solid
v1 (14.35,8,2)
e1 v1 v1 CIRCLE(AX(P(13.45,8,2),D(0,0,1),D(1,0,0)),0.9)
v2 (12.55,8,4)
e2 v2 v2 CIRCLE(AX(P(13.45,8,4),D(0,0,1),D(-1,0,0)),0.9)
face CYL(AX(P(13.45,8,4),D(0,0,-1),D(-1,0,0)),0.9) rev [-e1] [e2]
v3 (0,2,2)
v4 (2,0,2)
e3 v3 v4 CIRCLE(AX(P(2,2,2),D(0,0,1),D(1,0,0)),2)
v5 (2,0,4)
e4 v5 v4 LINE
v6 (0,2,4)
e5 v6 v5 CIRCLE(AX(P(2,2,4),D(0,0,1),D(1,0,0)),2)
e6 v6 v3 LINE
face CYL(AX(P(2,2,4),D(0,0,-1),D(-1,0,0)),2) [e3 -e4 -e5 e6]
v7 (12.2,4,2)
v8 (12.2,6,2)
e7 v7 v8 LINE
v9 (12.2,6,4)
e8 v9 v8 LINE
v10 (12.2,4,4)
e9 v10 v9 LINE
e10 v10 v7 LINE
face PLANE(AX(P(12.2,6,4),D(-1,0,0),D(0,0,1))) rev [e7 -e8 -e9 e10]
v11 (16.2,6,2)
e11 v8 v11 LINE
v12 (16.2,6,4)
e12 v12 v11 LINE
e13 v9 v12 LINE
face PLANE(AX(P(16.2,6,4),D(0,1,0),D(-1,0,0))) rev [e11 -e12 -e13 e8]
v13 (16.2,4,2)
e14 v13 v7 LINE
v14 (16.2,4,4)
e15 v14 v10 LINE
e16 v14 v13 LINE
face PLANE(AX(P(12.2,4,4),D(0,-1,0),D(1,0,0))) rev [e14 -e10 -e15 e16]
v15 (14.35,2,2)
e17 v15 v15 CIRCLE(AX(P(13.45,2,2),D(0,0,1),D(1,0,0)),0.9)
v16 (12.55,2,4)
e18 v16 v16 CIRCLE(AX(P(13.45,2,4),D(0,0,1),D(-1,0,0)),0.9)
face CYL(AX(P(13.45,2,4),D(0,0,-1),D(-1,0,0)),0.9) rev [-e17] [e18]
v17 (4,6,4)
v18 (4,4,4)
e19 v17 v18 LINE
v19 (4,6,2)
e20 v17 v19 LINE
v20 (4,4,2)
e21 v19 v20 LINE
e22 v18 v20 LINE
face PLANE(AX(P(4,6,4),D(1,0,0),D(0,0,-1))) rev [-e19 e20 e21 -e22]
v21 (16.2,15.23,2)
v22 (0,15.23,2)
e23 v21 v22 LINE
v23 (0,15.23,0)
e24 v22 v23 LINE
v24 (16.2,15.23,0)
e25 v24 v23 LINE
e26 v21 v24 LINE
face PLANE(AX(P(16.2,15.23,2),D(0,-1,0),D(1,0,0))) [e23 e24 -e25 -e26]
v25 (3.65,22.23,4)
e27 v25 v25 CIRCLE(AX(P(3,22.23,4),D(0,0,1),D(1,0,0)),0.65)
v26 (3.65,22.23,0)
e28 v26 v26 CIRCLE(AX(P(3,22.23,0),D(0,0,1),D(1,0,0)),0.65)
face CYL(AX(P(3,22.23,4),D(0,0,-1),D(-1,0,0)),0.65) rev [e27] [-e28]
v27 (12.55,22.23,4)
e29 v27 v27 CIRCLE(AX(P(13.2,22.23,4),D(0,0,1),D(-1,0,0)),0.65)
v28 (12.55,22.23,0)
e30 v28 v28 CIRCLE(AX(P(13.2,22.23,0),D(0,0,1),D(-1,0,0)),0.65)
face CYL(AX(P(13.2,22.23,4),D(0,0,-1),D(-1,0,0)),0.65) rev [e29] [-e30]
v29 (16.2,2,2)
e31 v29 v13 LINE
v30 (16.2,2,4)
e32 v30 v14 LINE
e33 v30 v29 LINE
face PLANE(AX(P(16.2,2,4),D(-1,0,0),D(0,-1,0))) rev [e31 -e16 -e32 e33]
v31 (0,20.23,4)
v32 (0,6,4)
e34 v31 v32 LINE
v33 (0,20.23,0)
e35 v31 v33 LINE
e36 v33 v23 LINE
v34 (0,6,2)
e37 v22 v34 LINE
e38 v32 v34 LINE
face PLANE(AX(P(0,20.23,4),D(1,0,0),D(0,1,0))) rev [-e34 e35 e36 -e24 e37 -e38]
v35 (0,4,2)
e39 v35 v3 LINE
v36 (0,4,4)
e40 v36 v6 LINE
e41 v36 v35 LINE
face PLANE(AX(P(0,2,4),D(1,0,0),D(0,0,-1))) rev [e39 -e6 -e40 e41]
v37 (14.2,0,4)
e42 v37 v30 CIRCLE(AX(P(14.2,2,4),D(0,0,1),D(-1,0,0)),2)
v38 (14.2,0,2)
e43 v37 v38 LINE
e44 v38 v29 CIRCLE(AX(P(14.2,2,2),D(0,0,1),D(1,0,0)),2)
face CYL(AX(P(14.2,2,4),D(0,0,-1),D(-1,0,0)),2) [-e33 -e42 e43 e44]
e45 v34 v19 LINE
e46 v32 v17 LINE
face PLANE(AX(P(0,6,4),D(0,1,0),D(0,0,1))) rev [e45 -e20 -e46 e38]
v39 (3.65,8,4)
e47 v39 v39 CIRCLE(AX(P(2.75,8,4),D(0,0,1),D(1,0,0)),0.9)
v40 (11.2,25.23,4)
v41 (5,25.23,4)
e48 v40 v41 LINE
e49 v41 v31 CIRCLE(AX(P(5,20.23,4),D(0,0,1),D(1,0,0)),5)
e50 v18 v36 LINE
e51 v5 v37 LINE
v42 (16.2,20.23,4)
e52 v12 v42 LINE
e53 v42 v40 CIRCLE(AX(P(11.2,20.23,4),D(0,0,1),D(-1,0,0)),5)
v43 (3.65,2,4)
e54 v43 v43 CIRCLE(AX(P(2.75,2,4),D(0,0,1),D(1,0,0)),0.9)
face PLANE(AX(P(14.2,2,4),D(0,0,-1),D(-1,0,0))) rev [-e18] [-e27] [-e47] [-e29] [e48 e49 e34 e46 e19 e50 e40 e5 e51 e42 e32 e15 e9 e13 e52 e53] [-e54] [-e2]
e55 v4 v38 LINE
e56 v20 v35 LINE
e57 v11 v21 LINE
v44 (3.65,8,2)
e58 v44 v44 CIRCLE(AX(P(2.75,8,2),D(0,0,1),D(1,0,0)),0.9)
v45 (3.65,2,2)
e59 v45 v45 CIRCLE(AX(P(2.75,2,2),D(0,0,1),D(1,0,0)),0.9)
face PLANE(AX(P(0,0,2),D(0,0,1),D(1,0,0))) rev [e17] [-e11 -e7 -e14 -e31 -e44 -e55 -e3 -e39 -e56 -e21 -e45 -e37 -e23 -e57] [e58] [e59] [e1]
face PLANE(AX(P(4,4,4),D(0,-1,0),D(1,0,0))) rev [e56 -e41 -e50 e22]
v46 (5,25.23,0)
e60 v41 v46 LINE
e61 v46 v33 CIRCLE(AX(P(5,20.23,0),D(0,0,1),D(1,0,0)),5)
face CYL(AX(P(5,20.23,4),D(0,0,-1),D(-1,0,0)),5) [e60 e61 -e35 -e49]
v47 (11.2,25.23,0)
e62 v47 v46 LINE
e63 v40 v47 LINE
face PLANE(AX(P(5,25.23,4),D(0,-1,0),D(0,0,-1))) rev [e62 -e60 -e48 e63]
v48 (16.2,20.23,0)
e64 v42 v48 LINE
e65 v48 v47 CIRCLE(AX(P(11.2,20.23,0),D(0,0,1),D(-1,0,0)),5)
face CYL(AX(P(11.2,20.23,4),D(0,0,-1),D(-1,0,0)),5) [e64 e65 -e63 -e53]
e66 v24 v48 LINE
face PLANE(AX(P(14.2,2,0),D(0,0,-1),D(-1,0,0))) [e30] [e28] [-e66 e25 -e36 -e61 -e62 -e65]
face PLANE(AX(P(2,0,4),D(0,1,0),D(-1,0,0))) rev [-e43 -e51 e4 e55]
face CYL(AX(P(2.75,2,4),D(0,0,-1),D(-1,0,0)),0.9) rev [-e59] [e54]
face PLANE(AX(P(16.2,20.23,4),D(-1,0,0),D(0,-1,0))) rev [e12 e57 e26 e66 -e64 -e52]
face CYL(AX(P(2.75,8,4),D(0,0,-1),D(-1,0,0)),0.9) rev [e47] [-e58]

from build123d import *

# Parameters (mm, degrees)
SKETCH1_R           = 0.9
SKETCH1_R_2         = 0.65
BOSS_EXTRUDE1_DEPTH = 4
SKETCH2_W           = 16.2
SKETCH2_H           = 15.23
CUT_EXTRUDE1_DEPTH  = 2


with BuildPart() as part:
    # Sketch1 → Boss-Extrude1 (new body)
    with BuildSketch(Plane.XY):
        with BuildLine():
            Line((2, 0), (14.2, 0))
            ThreePointArc((14.2, 0), (15.614213562, 0.585786438), (16.2, 2))
            Line((16.2, 2), (16.2, 4))
            Line((16.2, 4), (12.2, 4))
            Line((12.2, 4), (12.2, 6))
            Line((12.2, 6), (16.2, 6))
            Line((16.2, 6), (16.2, 20.23))
            ThreePointArc((16.2, 20.23), (14.735533906, 23.765533906), (11.2, 25.23))
            Line((11.2, 25.23), (5, 25.23))
            ThreePointArc((5, 25.23), (1.464466094, 23.765533906), (0, 20.23))
            Line((0, 20.23), (0, 6))
            Line((0, 6), (4, 6))
            Line((4, 6), (4, 4))
            Line((4, 4), (0, 4))
            Line((0, 4), (0, 2))
            ThreePointArc((0, 2), (0.585786438, 0.585786438), (2, 0))
        make_face()
        with Locations((13.45, 2)):
            Circle(SKETCH1_R, mode=Mode.SUBTRACT)
        with Locations((13.2, 22.23)):
            Circle(SKETCH1_R_2, mode=Mode.SUBTRACT)
        with Locations((2.75, 8)):
            Circle(SKETCH1_R, mode=Mode.SUBTRACT)
        with Locations((13.45, 8)):
            Circle(SKETCH1_R, mode=Mode.SUBTRACT)
        with Locations((3, 22.23)):
            Circle(SKETCH1_R_2, mode=Mode.SUBTRACT)
        with Locations((2.75, 2)):
            Circle(SKETCH1_R, mode=Mode.SUBTRACT)
    extrude(amount=BOSS_EXTRUDE1_DEPTH)

    # Sketch2 → Cut-Extrude1 (cut)
    with BuildSketch(Plane.XY):
        with Locations((8.1, 7.615)):
            Rectangle(SKETCH2_W, SKETCH2_H)
    extrude(amount=CUT_EXTRUDE1_DEPTH, mode=Mode.SUBTRACT)


solid = part.part
